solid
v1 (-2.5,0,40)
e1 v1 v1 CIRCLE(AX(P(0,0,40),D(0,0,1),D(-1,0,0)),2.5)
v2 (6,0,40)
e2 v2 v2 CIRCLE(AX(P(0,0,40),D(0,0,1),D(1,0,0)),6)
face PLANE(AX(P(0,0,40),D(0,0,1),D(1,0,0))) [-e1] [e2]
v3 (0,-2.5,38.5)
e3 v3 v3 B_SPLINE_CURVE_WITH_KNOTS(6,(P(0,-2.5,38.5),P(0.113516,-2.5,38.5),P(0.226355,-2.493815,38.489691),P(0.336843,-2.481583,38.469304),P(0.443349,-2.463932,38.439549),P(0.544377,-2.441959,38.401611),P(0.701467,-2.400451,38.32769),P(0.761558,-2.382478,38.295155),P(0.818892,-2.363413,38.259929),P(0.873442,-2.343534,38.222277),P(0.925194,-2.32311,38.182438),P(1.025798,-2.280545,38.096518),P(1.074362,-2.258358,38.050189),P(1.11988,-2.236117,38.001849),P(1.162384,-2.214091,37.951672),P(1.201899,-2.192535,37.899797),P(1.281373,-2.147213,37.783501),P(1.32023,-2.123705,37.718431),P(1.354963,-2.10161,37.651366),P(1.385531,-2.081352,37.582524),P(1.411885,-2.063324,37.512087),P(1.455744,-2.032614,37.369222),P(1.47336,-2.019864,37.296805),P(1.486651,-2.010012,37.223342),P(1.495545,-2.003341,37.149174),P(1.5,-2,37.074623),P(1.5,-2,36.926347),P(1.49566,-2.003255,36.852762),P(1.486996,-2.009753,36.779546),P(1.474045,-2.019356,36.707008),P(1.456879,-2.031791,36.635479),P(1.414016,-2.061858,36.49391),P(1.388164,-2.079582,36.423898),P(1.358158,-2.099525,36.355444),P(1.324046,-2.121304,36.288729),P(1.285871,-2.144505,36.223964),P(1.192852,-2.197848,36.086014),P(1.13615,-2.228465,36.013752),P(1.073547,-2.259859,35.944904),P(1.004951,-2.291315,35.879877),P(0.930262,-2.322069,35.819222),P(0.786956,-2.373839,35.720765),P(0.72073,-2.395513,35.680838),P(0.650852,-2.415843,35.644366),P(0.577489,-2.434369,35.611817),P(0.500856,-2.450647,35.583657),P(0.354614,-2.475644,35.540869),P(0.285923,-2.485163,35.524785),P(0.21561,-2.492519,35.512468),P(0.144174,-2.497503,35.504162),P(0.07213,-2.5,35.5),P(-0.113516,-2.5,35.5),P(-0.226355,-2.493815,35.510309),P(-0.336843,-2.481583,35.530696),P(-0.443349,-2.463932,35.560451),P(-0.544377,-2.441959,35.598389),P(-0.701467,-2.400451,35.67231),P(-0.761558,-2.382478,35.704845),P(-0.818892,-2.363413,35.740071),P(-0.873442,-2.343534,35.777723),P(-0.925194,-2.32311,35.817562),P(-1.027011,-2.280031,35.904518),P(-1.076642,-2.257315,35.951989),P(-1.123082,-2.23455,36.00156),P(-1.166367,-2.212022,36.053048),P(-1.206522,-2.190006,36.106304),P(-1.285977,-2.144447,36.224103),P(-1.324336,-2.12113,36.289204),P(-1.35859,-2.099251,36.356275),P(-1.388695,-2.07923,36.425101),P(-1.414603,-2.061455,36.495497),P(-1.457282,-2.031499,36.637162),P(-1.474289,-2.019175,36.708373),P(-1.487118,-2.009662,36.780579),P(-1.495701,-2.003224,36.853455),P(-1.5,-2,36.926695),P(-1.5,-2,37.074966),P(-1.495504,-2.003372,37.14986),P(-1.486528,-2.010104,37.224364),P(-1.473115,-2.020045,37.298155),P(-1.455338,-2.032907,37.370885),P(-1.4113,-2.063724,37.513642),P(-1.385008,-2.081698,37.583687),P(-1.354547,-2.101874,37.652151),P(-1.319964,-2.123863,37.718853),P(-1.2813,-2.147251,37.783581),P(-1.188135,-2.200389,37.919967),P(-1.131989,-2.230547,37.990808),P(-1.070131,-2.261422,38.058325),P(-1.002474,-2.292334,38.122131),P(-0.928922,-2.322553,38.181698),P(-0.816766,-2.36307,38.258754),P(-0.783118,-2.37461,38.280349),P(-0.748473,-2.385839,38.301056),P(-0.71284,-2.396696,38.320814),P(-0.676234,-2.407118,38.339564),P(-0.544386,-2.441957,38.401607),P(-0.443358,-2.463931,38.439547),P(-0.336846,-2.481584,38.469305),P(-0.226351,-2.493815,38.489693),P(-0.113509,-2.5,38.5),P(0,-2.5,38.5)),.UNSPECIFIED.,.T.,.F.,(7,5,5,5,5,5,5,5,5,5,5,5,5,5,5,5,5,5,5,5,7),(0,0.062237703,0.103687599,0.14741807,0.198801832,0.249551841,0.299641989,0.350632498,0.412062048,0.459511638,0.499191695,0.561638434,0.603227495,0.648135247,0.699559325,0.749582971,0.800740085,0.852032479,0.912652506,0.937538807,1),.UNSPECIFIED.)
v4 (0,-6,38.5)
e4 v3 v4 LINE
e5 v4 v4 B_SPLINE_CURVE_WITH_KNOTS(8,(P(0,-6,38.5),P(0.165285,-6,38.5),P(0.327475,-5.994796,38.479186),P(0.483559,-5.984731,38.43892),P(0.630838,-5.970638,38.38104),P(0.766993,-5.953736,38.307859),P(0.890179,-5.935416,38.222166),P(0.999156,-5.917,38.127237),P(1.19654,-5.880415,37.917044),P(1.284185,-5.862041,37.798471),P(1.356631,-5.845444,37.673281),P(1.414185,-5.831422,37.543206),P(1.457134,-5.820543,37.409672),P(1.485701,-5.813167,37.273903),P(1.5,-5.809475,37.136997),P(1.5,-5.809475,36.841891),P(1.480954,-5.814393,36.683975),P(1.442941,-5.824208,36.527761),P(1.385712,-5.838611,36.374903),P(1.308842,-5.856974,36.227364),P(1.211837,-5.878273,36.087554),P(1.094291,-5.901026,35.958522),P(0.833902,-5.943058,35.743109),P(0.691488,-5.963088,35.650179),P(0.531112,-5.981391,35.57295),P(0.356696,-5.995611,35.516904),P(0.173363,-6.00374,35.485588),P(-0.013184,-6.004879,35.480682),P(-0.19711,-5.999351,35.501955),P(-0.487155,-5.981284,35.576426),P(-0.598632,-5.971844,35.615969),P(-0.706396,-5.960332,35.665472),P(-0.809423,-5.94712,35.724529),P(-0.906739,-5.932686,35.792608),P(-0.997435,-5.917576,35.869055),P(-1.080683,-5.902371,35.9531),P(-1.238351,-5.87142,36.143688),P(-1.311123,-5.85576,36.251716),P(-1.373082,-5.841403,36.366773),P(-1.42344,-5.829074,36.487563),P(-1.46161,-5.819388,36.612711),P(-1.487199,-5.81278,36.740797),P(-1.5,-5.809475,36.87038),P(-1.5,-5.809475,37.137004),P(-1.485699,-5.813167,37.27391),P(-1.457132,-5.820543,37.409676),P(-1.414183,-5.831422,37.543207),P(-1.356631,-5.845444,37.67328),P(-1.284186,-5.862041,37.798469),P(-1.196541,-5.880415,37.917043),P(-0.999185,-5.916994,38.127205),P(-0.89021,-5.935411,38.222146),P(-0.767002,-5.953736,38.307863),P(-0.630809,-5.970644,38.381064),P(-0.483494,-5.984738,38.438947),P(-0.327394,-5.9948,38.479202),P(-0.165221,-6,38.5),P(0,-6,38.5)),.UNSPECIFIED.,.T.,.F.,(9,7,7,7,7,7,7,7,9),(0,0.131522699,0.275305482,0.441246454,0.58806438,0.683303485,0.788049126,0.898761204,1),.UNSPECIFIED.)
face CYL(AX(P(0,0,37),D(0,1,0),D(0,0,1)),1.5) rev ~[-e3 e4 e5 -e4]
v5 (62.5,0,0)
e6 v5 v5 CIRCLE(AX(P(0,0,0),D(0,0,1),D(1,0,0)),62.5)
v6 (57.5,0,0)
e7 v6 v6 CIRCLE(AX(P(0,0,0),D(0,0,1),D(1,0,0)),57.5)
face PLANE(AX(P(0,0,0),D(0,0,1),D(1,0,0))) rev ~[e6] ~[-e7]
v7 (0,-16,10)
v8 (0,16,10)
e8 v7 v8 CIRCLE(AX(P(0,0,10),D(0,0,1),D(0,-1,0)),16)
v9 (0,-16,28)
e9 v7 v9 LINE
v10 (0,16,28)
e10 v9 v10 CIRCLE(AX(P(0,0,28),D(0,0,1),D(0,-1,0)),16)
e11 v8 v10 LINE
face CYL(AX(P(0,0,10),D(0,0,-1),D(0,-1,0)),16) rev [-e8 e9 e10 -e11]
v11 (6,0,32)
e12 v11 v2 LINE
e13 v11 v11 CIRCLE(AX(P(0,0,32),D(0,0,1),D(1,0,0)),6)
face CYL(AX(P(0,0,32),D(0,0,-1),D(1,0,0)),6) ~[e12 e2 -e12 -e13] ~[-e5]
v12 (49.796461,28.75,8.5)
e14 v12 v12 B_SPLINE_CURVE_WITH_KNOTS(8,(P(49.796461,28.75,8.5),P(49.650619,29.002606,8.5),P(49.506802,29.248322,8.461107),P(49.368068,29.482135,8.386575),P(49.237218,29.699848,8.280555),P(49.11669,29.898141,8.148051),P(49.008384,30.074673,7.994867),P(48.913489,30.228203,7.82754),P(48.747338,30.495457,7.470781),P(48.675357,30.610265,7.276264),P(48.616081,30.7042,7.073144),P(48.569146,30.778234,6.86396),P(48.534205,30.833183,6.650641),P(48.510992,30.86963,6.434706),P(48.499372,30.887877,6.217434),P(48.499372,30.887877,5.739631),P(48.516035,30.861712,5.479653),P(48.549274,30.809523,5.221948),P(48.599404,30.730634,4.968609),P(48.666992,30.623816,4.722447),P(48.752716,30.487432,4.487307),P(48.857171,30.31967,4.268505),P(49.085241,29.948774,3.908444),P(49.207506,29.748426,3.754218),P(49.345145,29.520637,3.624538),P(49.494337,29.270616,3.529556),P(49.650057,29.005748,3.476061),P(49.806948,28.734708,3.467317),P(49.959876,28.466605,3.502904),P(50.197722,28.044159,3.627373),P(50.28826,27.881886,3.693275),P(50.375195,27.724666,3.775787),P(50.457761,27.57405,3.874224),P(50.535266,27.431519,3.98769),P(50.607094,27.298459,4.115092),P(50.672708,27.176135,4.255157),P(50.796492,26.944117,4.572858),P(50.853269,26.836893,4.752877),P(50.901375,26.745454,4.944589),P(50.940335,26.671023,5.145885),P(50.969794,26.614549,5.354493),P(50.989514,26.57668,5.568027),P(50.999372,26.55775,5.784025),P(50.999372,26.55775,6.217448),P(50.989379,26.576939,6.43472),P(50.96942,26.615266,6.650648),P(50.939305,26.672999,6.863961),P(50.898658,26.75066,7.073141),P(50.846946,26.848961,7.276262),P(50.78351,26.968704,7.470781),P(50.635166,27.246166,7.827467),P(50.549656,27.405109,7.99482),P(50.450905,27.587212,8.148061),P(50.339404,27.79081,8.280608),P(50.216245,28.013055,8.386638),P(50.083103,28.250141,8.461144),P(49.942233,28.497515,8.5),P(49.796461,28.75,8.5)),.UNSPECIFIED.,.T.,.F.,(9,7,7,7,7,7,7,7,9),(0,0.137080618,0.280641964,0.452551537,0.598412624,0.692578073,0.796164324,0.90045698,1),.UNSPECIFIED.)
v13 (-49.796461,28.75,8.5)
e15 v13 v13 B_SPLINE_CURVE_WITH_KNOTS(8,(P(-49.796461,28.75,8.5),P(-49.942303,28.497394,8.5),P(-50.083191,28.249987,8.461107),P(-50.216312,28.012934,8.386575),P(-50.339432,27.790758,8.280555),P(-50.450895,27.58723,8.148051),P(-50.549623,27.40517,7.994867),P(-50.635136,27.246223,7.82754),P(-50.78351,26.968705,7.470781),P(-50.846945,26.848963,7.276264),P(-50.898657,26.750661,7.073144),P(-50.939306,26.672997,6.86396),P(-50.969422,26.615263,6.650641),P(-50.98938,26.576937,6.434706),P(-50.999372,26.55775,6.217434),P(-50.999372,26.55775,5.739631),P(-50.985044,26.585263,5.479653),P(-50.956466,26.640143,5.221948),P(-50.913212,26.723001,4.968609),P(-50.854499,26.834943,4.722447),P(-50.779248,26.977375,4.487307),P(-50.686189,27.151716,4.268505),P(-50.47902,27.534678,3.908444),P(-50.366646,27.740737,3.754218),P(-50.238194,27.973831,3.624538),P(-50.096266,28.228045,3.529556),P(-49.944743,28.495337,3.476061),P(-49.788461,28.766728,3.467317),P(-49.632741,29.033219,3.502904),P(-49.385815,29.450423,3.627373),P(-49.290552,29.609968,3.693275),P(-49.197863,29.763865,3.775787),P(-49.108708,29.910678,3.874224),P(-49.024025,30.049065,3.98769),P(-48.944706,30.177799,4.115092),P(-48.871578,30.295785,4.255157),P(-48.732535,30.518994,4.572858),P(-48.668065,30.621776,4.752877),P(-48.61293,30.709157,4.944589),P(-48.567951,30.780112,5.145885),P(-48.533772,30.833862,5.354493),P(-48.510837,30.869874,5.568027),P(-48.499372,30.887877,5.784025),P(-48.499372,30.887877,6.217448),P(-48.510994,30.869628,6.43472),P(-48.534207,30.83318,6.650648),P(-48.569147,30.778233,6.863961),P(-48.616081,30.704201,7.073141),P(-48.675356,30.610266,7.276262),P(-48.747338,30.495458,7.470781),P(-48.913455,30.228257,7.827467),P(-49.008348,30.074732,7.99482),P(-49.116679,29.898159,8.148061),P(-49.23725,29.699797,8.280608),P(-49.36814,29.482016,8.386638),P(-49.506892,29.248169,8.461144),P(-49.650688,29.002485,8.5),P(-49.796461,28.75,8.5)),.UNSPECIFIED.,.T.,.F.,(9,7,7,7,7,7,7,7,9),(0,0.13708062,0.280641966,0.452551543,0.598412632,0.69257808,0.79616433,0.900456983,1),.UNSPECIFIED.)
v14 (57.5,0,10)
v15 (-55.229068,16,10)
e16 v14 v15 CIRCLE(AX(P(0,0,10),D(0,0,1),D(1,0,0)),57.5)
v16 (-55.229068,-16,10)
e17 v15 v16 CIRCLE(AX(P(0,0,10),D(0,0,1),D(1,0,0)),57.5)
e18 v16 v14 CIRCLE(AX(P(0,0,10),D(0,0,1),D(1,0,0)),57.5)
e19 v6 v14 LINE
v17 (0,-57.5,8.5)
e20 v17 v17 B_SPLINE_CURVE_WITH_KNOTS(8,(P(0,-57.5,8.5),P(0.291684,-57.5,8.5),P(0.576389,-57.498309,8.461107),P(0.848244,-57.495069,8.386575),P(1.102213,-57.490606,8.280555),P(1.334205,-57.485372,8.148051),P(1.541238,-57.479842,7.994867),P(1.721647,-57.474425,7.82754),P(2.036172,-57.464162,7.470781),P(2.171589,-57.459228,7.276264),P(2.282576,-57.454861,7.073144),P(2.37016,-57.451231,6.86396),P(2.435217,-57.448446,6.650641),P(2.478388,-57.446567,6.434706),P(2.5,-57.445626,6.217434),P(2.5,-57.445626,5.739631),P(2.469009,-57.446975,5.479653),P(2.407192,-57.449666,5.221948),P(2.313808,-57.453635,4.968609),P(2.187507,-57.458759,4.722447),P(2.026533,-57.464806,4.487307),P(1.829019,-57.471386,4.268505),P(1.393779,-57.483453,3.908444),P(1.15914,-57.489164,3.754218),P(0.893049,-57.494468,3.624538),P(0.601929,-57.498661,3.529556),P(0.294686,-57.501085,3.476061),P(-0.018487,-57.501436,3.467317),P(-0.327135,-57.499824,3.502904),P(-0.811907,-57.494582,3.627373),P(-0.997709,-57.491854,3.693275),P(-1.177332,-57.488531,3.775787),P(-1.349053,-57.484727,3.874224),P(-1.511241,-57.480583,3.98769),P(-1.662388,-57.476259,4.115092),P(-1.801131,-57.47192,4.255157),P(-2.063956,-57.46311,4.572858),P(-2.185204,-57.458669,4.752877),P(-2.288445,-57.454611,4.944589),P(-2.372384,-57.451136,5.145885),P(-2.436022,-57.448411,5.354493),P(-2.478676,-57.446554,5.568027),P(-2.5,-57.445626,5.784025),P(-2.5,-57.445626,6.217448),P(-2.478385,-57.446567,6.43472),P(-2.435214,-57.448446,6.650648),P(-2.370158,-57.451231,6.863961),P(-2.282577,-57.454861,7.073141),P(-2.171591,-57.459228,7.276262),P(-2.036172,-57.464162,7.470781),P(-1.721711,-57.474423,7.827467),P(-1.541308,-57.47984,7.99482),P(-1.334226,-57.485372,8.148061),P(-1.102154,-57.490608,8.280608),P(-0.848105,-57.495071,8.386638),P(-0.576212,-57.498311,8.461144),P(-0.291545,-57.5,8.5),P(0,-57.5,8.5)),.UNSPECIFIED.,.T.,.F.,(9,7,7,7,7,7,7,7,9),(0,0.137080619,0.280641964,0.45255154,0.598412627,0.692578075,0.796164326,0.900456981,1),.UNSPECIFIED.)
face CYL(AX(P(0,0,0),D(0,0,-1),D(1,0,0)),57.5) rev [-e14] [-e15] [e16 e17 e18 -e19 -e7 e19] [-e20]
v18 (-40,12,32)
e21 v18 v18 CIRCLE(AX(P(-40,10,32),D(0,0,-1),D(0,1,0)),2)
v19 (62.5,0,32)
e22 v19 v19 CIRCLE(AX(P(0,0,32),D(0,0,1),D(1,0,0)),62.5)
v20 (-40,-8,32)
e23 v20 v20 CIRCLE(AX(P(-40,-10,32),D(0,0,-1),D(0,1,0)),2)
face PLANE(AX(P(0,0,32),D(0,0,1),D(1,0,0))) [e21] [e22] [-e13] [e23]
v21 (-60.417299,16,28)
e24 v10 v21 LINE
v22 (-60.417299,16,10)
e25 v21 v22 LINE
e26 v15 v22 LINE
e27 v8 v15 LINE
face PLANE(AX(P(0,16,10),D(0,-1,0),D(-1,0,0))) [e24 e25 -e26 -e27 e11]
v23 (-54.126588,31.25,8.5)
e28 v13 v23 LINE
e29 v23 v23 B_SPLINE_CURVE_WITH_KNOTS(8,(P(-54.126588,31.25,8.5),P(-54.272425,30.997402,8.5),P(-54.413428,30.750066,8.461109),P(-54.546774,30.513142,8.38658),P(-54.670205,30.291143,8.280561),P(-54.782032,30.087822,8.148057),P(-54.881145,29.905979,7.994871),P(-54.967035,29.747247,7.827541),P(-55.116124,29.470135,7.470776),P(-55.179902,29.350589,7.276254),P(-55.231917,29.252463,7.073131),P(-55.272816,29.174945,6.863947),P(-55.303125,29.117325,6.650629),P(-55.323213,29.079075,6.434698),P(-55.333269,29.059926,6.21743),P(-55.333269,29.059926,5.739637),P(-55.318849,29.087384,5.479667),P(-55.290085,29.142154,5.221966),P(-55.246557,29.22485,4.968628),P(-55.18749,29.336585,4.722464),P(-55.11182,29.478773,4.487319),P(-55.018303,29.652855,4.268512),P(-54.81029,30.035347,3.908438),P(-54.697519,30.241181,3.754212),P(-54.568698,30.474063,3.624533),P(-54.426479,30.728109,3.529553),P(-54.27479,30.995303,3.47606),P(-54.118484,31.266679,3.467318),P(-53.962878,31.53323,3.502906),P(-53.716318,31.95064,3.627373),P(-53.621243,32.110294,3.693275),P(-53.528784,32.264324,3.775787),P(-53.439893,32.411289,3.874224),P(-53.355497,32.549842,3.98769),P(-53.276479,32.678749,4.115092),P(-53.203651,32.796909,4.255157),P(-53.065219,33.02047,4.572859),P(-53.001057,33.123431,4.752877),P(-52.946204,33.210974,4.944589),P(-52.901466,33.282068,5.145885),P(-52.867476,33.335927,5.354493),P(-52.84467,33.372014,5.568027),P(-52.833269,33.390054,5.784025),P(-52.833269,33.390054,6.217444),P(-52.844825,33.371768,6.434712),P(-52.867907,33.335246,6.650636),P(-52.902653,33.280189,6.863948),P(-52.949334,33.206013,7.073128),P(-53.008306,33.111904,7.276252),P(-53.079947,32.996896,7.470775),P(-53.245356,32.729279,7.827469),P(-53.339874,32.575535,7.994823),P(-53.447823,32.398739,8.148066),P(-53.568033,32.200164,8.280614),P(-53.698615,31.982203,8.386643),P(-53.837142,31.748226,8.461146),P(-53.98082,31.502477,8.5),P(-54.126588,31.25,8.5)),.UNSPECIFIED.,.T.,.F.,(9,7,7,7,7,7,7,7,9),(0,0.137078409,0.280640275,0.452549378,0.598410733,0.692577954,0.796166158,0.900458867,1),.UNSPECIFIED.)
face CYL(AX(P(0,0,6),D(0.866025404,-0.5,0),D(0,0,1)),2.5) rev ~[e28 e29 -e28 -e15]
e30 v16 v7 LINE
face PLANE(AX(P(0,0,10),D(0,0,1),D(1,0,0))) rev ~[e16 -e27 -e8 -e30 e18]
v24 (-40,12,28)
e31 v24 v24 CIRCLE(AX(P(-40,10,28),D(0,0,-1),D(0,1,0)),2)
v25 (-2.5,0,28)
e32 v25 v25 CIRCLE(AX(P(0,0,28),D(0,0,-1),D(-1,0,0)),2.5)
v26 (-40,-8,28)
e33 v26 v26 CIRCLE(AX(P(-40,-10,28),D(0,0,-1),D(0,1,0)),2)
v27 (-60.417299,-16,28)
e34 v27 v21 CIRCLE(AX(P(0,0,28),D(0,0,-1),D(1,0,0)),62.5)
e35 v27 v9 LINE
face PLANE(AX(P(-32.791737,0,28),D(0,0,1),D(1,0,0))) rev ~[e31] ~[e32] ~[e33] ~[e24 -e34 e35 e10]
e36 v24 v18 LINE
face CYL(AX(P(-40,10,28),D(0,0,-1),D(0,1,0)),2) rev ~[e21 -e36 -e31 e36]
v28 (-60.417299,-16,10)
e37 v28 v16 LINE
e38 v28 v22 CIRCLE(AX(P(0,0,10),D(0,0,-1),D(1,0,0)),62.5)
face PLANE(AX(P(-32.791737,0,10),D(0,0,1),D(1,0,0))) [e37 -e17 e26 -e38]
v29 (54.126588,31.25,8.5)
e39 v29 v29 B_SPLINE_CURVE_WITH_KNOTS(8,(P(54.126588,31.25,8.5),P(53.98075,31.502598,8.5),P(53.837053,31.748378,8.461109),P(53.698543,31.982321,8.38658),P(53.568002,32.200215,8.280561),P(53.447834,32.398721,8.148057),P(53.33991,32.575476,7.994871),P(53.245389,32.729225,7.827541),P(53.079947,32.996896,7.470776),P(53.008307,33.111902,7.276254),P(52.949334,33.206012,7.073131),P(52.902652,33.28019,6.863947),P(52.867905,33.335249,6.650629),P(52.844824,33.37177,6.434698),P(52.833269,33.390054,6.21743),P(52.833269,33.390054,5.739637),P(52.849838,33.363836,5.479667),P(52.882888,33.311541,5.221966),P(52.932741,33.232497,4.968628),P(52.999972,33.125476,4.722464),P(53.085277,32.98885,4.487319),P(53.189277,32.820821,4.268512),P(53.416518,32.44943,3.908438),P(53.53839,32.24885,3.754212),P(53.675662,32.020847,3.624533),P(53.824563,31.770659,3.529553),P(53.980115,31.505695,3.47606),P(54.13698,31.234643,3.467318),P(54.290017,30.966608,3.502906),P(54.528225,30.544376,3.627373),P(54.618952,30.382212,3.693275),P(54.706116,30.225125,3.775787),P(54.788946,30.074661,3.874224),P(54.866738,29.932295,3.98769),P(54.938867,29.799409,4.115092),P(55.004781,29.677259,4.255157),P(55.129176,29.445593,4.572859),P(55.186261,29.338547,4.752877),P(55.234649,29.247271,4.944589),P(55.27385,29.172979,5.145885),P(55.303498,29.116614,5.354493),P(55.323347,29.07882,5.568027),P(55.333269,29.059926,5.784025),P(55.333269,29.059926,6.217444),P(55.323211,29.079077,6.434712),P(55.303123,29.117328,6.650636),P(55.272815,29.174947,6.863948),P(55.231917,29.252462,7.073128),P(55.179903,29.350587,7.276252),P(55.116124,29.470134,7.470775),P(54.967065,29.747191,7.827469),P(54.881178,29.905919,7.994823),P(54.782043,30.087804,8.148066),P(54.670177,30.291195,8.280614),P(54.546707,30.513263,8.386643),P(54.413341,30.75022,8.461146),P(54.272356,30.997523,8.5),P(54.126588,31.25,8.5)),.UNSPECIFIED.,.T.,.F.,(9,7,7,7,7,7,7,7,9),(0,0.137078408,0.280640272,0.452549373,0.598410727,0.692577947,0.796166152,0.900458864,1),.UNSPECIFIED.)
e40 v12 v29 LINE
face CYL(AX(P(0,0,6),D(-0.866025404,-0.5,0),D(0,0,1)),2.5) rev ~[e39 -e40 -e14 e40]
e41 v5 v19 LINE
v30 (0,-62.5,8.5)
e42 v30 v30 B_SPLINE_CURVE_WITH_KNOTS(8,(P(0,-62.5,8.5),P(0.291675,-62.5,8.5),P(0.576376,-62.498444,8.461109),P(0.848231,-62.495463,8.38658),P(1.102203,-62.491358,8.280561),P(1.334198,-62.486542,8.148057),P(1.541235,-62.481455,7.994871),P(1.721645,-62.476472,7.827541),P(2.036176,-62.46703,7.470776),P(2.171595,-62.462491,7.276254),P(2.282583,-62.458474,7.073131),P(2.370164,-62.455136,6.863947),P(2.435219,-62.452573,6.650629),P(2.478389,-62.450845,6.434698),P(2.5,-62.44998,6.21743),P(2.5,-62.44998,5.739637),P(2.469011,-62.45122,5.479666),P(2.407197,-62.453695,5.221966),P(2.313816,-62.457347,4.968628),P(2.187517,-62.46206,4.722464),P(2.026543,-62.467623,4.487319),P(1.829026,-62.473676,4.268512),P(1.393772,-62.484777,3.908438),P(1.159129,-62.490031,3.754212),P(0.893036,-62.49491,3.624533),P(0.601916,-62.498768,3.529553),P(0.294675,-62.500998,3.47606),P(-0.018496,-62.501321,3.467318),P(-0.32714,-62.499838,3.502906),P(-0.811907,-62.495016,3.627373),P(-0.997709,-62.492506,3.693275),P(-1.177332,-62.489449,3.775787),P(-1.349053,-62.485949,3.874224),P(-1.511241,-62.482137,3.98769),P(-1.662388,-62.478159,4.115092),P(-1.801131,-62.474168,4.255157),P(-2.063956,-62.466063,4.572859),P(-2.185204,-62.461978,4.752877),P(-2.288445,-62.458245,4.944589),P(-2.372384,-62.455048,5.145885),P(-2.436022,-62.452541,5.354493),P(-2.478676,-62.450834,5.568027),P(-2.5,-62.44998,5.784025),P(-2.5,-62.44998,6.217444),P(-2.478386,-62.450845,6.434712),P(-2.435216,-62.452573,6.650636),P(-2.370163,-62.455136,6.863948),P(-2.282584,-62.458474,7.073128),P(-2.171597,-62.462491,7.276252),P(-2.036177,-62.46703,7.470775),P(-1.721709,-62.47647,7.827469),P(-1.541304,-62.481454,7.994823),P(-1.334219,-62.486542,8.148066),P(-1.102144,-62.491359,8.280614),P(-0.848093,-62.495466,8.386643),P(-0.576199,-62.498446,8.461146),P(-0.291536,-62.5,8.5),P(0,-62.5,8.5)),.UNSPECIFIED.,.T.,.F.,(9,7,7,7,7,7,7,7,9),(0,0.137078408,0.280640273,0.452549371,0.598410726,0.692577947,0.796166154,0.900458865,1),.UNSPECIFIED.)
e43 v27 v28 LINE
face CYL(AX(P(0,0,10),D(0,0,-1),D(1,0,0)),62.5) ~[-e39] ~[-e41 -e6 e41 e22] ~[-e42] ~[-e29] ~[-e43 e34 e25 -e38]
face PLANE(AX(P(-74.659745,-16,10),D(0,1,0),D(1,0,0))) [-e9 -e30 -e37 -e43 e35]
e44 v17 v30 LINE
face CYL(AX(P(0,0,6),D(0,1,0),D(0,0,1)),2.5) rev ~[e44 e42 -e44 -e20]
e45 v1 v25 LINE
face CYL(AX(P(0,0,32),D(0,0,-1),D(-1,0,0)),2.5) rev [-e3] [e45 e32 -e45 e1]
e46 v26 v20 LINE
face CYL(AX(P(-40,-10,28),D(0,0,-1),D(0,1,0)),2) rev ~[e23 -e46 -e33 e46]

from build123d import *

# Parameters (mm, degrees)
SKETCH1_R           = 62.5
SKETCH1_R_2         = 57.5
BOSS_EXTRUDE1_DEPTH = 10
SKETCH2_R           = 62.5
BOSS_EXTRUDE2_DEPTH = 22
SKETCH3_R           = 2.5
CUT_EXTRUDE1_DEPTH  = 92.08512502
CUT_EXTRUDE2_DEPTH  = 18
SKETCH5_R           = 6
SKETCH5_R_2         = 2.5
BOSS_EXTRUDE3_DEPTH = 8
SKETCH6_R           = 1.5
CUT_EXTRUDE3_DEPTH  = 98.01803956
SKETCH7_R           = 2.5
CUT_EXTRUDE4_DEPTH  = 98.018039601
CIRPATTERN1_COUNT   = 3
SKETCH8_R           = 2
CUT_EXTRUDE5_DEPTH  = 93.717312465


with BuildPart() as part:
    # Sketch1 → Boss-Extrude1 (new body)
    with BuildSketch(Plane.XY):
        Circle(SKETCH1_R)
        Circle(SKETCH1_R_2, mode=Mode.SUBTRACT)
    extrude(amount=BOSS_EXTRUDE1_DEPTH)

    # Sketch2 → Boss-Extrude2 (add)
    with BuildSketch(Plane.XY.offset(10)):
        Circle(SKETCH2_R)
    extrude(amount=BOSS_EXTRUDE2_DEPTH)

    # Sketch3 → Cut-Extrude1 (cut, through all)
    with BuildSketch(Plane(origin=(0, 0, 10), x_dir=(-1, 0, 0), z_dir=(0, 0, -1))):
        Circle(SKETCH3_R)
    extrude(amount=-CUT_EXTRUDE1_DEPTH, mode=Mode.SUBTRACT)

    # Sketch4 → Cut-Extrude2 (cut)
    with BuildSketch(Plane(origin=(0, 0, 10), x_dir=(-1, 0, 0), z_dir=(0, 0, -1))):
        with BuildLine():
            Line((0, 16), (74.659744803, 16))
            Line((74.659744803, 16), (74.659744803, -16))
            Line((74.659744803, -16), (0, -16))
            ThreePointArc((0, -16), (-16, 0), (0, 16))
        make_face()
    extrude(amount=-CUT_EXTRUDE2_DEPTH, mode=Mode.SUBTRACT)

    # Sketch5 → Boss-Extrude3 (add)
    with BuildSketch(Plane.XY.offset(32)):
        Circle(SKETCH5_R)
        with Locations(Location((0, 0, 0), (0, 0, 180))):
            Circle(SKETCH5_R_2, mode=Mode.SUBTRACT)
    extrude(amount=BOSS_EXTRUDE3_DEPTH)

    # Sketch6 → Cut-Extrude3 (cut, through all)
    with BuildSketch(Plane(origin=(0, 0, 0), x_dir=(1, 0, 0), z_dir=(0, 1, 0))):
        with Locations(Location((0, -37, 0), (0, 0, 270))):
            Circle(SKETCH6_R)
    extrude(amount=-CUT_EXTRUDE3_DEPTH, mode=Mode.SUBTRACT)

    # Sketch7 → Cut-Extrude4 (cut, through all)
    with BuildSketch(Plane(origin=(0, 0, 0), x_dir=(1, 0, 0), z_dir=(0, 1, 0))):
        with Locations(Location((0, -6, 0), (0, 0, 270))):
            Circle(SKETCH7_R)
    cut_extrude4 = extrude(amount=-CUT_EXTRUDE4_DEPTH, mode=Mode.SUBTRACT)

    # CirPattern1: Cut-Extrude4 ×3 about axis
    cirpattern1_axis = Axis((0, 0, 0), (0, 0, 1))
    for i in range(1, CIRPATTERN1_COUNT):
        add(cut_extrude4.rotate(cirpattern1_axis, i * 360 / CIRPATTERN1_COUNT), mode=Mode.SUBTRACT)

    # Sketch8 → Cut-Extrude5 (cut, through all)
    with BuildSketch(Plane(origin=(0, 0, 28), x_dir=(-1, 0, 0), z_dir=(0, 0, -1))):
        with Locations(Location((40, 10, 0), (0, 0, 90))):
            Circle(SKETCH8_R)
        with Locations(Location((40, -10, 0), (0, 0, 90))):
            Circle(SKETCH8_R)
    extrude(amount=-CUT_EXTRUDE5_DEPTH, mode=Mode.SUBTRACT)


solid = part.part
